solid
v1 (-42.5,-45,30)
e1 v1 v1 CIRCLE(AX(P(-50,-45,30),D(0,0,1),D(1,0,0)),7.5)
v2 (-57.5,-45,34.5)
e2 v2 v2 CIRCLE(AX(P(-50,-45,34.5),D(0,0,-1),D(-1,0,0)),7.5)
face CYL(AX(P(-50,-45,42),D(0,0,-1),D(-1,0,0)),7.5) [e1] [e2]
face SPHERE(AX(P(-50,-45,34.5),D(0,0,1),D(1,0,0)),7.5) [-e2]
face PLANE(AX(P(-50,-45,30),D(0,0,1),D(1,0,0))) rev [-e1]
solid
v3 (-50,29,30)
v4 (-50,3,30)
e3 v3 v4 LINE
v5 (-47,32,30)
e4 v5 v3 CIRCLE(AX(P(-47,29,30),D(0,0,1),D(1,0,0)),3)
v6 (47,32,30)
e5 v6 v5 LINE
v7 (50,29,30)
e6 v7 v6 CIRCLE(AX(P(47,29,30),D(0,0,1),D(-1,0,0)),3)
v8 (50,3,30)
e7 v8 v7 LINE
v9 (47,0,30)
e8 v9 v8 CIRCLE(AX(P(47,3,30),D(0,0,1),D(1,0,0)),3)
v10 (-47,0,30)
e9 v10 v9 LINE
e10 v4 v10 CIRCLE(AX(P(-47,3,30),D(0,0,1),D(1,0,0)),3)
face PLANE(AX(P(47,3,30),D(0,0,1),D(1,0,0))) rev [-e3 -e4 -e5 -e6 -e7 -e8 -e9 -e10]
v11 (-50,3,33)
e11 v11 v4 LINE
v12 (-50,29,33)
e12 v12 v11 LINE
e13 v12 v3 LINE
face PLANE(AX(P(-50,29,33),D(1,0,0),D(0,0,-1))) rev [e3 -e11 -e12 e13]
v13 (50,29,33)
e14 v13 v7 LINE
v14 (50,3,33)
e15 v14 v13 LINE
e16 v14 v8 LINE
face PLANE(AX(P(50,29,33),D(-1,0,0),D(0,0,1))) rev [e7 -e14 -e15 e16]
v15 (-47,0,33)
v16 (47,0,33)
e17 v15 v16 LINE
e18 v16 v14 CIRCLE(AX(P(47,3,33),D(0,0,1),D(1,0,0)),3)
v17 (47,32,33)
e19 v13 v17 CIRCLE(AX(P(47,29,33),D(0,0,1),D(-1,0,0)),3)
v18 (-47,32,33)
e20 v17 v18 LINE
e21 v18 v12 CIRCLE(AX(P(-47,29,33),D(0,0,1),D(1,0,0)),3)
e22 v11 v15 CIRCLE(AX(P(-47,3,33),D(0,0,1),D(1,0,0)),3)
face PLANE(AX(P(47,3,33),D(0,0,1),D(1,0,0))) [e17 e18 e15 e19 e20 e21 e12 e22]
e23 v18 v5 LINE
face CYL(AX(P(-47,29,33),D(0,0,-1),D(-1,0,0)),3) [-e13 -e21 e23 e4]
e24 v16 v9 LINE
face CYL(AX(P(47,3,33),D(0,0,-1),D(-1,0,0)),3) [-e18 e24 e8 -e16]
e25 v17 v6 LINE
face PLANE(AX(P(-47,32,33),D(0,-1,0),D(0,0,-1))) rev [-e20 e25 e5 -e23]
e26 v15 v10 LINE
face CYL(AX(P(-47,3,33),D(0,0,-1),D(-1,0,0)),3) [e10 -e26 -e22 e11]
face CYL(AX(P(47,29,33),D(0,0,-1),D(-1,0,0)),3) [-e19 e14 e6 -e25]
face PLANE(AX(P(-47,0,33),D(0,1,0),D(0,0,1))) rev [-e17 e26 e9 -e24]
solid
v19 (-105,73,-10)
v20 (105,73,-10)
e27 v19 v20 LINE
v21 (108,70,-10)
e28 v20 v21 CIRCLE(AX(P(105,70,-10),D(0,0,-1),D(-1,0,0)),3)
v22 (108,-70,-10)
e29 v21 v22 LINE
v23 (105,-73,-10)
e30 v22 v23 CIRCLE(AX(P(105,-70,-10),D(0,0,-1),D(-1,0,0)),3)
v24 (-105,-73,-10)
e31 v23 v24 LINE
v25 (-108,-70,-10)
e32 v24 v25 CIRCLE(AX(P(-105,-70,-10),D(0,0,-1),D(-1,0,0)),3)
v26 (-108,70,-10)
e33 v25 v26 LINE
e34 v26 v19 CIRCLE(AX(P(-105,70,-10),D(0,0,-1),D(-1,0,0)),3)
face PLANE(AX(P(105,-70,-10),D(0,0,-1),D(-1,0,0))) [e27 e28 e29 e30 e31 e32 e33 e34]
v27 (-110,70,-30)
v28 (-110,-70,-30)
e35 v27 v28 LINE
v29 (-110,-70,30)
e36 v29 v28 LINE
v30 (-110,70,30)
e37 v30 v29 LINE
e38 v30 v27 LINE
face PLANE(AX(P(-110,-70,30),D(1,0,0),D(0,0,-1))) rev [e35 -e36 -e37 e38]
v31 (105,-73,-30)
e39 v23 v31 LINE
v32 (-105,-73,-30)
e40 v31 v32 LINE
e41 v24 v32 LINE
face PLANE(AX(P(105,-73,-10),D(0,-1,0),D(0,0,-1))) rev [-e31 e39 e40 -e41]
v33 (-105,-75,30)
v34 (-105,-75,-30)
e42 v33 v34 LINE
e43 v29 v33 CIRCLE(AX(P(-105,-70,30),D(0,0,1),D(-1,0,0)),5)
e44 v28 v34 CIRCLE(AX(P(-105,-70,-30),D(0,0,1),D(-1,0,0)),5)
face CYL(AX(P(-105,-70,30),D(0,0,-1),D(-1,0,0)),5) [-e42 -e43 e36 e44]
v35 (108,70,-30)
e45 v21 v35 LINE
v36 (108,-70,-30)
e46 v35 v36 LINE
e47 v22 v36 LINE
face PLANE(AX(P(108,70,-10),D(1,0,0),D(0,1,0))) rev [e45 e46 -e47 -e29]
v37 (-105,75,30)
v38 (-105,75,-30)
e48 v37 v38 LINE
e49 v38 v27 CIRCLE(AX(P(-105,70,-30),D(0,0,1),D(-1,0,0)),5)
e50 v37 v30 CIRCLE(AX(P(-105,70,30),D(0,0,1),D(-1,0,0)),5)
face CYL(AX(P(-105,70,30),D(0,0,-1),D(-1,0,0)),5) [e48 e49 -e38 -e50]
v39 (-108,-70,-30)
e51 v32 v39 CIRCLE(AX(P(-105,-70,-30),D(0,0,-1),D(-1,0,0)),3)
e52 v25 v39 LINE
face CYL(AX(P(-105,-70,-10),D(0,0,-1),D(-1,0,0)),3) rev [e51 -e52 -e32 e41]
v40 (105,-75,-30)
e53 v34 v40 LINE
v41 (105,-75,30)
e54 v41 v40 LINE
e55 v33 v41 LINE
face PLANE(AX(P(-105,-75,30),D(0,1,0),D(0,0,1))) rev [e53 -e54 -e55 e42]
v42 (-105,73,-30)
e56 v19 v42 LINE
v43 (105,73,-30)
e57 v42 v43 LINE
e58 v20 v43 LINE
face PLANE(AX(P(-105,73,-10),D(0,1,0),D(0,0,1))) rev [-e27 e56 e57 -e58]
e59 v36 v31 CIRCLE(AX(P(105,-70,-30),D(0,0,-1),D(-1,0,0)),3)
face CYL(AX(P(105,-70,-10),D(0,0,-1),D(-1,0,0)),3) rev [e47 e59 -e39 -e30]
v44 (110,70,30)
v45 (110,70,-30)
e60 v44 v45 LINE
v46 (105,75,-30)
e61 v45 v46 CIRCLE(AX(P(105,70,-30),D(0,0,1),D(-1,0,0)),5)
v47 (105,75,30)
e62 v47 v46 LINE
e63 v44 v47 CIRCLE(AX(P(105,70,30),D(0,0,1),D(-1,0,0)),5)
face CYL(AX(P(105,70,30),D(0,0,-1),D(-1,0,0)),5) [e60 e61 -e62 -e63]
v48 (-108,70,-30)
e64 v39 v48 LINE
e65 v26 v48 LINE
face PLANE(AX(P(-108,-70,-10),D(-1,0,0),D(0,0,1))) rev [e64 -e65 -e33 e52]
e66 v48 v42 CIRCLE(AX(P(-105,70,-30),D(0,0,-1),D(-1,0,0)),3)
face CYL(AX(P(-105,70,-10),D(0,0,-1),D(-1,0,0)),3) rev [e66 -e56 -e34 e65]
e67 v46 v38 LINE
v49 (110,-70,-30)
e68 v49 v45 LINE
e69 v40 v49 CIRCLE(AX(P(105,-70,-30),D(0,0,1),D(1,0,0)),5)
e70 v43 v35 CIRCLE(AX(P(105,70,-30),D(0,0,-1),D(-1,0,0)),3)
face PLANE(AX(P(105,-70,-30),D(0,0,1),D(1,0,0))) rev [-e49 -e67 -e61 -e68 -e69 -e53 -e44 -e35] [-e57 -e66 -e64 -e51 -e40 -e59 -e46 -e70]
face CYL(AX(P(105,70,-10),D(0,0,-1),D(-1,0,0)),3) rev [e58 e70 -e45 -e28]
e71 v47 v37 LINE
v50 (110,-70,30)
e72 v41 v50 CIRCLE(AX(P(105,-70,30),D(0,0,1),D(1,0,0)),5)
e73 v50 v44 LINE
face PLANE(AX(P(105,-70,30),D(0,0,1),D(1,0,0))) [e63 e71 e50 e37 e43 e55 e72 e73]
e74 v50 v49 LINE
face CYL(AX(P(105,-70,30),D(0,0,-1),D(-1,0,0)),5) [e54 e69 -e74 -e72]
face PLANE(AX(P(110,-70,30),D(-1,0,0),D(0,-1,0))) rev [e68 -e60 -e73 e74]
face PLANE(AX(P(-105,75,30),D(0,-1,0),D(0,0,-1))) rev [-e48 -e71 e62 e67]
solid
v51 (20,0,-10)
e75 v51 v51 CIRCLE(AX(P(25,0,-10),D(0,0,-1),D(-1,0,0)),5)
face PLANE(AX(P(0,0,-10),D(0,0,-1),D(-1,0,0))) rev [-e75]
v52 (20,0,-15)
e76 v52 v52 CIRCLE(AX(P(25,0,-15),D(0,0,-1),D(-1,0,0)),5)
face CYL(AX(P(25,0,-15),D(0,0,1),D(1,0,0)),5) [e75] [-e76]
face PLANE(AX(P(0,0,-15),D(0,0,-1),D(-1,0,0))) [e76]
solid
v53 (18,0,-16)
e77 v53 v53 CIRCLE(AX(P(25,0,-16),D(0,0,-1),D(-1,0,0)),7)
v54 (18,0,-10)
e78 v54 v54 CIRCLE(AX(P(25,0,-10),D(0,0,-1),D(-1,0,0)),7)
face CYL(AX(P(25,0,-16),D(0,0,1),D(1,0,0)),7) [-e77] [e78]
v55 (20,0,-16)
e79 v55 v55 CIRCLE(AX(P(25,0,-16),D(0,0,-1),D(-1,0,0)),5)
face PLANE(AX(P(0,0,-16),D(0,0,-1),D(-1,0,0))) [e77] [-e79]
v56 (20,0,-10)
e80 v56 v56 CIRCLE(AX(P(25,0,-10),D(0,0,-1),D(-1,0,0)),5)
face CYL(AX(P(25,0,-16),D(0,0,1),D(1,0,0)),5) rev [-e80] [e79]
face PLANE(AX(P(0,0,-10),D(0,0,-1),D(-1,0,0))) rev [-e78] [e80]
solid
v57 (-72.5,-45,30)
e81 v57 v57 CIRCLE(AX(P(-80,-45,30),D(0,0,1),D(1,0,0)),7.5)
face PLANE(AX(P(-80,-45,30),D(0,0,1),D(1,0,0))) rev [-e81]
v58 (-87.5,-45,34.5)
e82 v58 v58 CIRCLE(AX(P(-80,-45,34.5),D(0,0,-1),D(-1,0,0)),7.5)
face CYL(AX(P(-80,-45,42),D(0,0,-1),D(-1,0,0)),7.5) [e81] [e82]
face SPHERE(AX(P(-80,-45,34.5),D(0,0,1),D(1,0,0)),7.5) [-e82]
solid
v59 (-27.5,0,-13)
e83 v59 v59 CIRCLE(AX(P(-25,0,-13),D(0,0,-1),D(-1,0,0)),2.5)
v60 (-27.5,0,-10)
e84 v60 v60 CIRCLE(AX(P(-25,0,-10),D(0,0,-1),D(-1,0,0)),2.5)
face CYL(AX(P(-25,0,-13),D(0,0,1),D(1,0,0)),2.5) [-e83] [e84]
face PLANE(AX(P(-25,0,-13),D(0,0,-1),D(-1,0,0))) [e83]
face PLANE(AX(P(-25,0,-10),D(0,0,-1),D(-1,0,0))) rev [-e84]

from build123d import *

# Parameters (mm, degrees)
BOSS_EXTRUDE1_DEPTH   = 30
CUT_EXTRUDE1_DEPTH    = 20
SKETCH3_R             = 2.5
BOSS_EXTRUDE2_DEPTH   = 3
SKETCH3_3_R           = 5
BOSS_EXTRUDE3_DEPTH   = 5
SKETCH3_4_R           = 7
SKETCH3_4_R_2         = 5
BOSS_EXTRUDE4_DEPTH   = 6
BOSS_EXTRUDE5_DEPTH   = 3
SKETCH5_R             = 7.5
BOSS_EXTRUDE6_DEPTH   = 12
BOSS_EXTRUDE6_2_DEPTH = 12
FILLET2_R             = 7.5
FILLET3_R             = 7.5


with BuildPart() as part:
    # Sketch1 → Boss-Extrude1 (new, symmetric)
    with BuildSketch(Plane.XY):
        with BuildLine():
            Line((-105, -75), (105, -75))
            ThreePointArc((105, -75), (108.535533906, -73.535533906), (110, -70))
            Line((110, -70), (110, 70))
            ThreePointArc((110, 70), (108.535533906, 73.535533906), (105, 75))
            Line((105, 75), (-105, 75))
            ThreePointArc((-105, 75), (-108.535533906, 73.535533906), (-110, 70))
            Line((-110, 70), (-110, -70))
            ThreePointArc((-110, -70), (-108.535533906, -73.535533906), (-105, -75))
        make_face()
    extrude(amount=BOSS_EXTRUDE1_DEPTH, both=True)

    # Sketch2 → Cut-Extrude1 (cut)
    with BuildSketch(Plane(origin=(0, 0, -30), x_dir=(-1, 0, 0), z_dir=(0, 0, -1))):
        with BuildLine():
            Line((-105, -73), (105, -73))
            ThreePointArc((105, -73), (107.121320344, -72.121320344), (108, -70))
            Line((108, -70), (108, 70))
            ThreePointArc((108, 70), (107.121320344, 72.121320344), (105, 73))
            Line((105, 73), (-105, 73))
            ThreePointArc((-105, 73), (-107.121320344, 72.121320344), (-108, 70))
            Line((-108, 70), (-108, -70))
            ThreePointArc((-108, -70), (-107.121320344, -72.121320344), (-105, -73))
        make_face()
    extrude(amount=-CUT_EXTRUDE1_DEPTH, mode=Mode.SUBTRACT)


with BuildPart() as body_2:
    # Sketch3 → Boss-Extrude2 (new body)
    with BuildSketch(Plane(origin=(0, 0, -10), x_dir=(-1, 0, 0), z_dir=(0, 0, -1))):
        with Locations((25, 0)):
            Circle(SKETCH3_R)
    extrude(amount=BOSS_EXTRUDE2_DEPTH)


with BuildPart() as body_3:
    # Sketch3<3> → Boss-Extrude3 (new body)
    with BuildSketch(Plane(origin=(0, 0, -10), x_dir=(-1, 0, 0), z_dir=(0, 0, -1))):
        with Locations((-25, 0)):
            Circle(SKETCH3_3_R)
    extrude(amount=BOSS_EXTRUDE3_DEPTH)


with BuildPart() as body_4:
    # Sketch3<4> → Boss-Extrude4 (new body)
    with BuildSketch(Plane(origin=(0, 0, -10), x_dir=(-1, 0, 0), z_dir=(0, 0, -1))):
        with Locations((-25, 0)):
            Circle(SKETCH3_4_R)
        with Locations((-25, 0)):
            Circle(SKETCH3_4_R_2, mode=Mode.SUBTRACT)
    extrude(amount=BOSS_EXTRUDE4_DEPTH)


with BuildPart() as body_5:
    # Sketch4 → Boss-Extrude5 (new body)
    with BuildSketch(Plane.XY.offset(30)):
        with BuildLine():
            Line((-47, 32), (47, 32))
            ThreePointArc((47, 32), (49.121320344, 31.121320344), (50, 29))
            Line((50, 29), (50, 3))
            ThreePointArc((50, 3), (49.121320344, 0.878679656), (47, 0))
            Line((47, 0), (-47, 0))
            ThreePointArc((-47, 0), (-49.121320344, 0.878679656), (-50, 3))
            Line((-50, 3), (-50, 29))
            ThreePointArc((-50, 29), (-49.121320344, 31.121320344), (-47, 32))
        make_face()
    extrude(amount=BOSS_EXTRUDE5_DEPTH)


with BuildPart() as body_6:
    # Sketch5 → Boss-Extrude6 (new body)
    with BuildSketch(Plane.XY.offset(30)):
        with Locations((-80, -45)):
            Circle(SKETCH5_R)
    extrude(amount=BOSS_EXTRUDE6_DEPTH)

    # Fillet2
    fillet2_edges = [body_6.edges().sort_by_distance(p)[0] for p in [
        (-87.5, -45, 42),
    ]]
    fillet(fillet2_edges, radius=FILLET2_R)


with BuildPart() as body_7:
    # Sketch5 → Boss-Extrude6 2 (new body)
    with BuildSketch(Plane.XY.offset(30)):
        with Locations((-50, -45)):
            Circle(SKETCH5_R)
    extrude(amount=BOSS_EXTRUDE6_2_DEPTH)

    # Fillet3
    fillet3_edges = [body_7.edges().sort_by_distance(p)[0] for p in [
        (-57.5, -45, 42),
    ]]
    fillet(fillet3_edges, radius=FILLET3_R)


solid = Compound([part.part, body_2.part, body_3.part, body_4.part, body_5.part, body_6.part, body_7.part])
